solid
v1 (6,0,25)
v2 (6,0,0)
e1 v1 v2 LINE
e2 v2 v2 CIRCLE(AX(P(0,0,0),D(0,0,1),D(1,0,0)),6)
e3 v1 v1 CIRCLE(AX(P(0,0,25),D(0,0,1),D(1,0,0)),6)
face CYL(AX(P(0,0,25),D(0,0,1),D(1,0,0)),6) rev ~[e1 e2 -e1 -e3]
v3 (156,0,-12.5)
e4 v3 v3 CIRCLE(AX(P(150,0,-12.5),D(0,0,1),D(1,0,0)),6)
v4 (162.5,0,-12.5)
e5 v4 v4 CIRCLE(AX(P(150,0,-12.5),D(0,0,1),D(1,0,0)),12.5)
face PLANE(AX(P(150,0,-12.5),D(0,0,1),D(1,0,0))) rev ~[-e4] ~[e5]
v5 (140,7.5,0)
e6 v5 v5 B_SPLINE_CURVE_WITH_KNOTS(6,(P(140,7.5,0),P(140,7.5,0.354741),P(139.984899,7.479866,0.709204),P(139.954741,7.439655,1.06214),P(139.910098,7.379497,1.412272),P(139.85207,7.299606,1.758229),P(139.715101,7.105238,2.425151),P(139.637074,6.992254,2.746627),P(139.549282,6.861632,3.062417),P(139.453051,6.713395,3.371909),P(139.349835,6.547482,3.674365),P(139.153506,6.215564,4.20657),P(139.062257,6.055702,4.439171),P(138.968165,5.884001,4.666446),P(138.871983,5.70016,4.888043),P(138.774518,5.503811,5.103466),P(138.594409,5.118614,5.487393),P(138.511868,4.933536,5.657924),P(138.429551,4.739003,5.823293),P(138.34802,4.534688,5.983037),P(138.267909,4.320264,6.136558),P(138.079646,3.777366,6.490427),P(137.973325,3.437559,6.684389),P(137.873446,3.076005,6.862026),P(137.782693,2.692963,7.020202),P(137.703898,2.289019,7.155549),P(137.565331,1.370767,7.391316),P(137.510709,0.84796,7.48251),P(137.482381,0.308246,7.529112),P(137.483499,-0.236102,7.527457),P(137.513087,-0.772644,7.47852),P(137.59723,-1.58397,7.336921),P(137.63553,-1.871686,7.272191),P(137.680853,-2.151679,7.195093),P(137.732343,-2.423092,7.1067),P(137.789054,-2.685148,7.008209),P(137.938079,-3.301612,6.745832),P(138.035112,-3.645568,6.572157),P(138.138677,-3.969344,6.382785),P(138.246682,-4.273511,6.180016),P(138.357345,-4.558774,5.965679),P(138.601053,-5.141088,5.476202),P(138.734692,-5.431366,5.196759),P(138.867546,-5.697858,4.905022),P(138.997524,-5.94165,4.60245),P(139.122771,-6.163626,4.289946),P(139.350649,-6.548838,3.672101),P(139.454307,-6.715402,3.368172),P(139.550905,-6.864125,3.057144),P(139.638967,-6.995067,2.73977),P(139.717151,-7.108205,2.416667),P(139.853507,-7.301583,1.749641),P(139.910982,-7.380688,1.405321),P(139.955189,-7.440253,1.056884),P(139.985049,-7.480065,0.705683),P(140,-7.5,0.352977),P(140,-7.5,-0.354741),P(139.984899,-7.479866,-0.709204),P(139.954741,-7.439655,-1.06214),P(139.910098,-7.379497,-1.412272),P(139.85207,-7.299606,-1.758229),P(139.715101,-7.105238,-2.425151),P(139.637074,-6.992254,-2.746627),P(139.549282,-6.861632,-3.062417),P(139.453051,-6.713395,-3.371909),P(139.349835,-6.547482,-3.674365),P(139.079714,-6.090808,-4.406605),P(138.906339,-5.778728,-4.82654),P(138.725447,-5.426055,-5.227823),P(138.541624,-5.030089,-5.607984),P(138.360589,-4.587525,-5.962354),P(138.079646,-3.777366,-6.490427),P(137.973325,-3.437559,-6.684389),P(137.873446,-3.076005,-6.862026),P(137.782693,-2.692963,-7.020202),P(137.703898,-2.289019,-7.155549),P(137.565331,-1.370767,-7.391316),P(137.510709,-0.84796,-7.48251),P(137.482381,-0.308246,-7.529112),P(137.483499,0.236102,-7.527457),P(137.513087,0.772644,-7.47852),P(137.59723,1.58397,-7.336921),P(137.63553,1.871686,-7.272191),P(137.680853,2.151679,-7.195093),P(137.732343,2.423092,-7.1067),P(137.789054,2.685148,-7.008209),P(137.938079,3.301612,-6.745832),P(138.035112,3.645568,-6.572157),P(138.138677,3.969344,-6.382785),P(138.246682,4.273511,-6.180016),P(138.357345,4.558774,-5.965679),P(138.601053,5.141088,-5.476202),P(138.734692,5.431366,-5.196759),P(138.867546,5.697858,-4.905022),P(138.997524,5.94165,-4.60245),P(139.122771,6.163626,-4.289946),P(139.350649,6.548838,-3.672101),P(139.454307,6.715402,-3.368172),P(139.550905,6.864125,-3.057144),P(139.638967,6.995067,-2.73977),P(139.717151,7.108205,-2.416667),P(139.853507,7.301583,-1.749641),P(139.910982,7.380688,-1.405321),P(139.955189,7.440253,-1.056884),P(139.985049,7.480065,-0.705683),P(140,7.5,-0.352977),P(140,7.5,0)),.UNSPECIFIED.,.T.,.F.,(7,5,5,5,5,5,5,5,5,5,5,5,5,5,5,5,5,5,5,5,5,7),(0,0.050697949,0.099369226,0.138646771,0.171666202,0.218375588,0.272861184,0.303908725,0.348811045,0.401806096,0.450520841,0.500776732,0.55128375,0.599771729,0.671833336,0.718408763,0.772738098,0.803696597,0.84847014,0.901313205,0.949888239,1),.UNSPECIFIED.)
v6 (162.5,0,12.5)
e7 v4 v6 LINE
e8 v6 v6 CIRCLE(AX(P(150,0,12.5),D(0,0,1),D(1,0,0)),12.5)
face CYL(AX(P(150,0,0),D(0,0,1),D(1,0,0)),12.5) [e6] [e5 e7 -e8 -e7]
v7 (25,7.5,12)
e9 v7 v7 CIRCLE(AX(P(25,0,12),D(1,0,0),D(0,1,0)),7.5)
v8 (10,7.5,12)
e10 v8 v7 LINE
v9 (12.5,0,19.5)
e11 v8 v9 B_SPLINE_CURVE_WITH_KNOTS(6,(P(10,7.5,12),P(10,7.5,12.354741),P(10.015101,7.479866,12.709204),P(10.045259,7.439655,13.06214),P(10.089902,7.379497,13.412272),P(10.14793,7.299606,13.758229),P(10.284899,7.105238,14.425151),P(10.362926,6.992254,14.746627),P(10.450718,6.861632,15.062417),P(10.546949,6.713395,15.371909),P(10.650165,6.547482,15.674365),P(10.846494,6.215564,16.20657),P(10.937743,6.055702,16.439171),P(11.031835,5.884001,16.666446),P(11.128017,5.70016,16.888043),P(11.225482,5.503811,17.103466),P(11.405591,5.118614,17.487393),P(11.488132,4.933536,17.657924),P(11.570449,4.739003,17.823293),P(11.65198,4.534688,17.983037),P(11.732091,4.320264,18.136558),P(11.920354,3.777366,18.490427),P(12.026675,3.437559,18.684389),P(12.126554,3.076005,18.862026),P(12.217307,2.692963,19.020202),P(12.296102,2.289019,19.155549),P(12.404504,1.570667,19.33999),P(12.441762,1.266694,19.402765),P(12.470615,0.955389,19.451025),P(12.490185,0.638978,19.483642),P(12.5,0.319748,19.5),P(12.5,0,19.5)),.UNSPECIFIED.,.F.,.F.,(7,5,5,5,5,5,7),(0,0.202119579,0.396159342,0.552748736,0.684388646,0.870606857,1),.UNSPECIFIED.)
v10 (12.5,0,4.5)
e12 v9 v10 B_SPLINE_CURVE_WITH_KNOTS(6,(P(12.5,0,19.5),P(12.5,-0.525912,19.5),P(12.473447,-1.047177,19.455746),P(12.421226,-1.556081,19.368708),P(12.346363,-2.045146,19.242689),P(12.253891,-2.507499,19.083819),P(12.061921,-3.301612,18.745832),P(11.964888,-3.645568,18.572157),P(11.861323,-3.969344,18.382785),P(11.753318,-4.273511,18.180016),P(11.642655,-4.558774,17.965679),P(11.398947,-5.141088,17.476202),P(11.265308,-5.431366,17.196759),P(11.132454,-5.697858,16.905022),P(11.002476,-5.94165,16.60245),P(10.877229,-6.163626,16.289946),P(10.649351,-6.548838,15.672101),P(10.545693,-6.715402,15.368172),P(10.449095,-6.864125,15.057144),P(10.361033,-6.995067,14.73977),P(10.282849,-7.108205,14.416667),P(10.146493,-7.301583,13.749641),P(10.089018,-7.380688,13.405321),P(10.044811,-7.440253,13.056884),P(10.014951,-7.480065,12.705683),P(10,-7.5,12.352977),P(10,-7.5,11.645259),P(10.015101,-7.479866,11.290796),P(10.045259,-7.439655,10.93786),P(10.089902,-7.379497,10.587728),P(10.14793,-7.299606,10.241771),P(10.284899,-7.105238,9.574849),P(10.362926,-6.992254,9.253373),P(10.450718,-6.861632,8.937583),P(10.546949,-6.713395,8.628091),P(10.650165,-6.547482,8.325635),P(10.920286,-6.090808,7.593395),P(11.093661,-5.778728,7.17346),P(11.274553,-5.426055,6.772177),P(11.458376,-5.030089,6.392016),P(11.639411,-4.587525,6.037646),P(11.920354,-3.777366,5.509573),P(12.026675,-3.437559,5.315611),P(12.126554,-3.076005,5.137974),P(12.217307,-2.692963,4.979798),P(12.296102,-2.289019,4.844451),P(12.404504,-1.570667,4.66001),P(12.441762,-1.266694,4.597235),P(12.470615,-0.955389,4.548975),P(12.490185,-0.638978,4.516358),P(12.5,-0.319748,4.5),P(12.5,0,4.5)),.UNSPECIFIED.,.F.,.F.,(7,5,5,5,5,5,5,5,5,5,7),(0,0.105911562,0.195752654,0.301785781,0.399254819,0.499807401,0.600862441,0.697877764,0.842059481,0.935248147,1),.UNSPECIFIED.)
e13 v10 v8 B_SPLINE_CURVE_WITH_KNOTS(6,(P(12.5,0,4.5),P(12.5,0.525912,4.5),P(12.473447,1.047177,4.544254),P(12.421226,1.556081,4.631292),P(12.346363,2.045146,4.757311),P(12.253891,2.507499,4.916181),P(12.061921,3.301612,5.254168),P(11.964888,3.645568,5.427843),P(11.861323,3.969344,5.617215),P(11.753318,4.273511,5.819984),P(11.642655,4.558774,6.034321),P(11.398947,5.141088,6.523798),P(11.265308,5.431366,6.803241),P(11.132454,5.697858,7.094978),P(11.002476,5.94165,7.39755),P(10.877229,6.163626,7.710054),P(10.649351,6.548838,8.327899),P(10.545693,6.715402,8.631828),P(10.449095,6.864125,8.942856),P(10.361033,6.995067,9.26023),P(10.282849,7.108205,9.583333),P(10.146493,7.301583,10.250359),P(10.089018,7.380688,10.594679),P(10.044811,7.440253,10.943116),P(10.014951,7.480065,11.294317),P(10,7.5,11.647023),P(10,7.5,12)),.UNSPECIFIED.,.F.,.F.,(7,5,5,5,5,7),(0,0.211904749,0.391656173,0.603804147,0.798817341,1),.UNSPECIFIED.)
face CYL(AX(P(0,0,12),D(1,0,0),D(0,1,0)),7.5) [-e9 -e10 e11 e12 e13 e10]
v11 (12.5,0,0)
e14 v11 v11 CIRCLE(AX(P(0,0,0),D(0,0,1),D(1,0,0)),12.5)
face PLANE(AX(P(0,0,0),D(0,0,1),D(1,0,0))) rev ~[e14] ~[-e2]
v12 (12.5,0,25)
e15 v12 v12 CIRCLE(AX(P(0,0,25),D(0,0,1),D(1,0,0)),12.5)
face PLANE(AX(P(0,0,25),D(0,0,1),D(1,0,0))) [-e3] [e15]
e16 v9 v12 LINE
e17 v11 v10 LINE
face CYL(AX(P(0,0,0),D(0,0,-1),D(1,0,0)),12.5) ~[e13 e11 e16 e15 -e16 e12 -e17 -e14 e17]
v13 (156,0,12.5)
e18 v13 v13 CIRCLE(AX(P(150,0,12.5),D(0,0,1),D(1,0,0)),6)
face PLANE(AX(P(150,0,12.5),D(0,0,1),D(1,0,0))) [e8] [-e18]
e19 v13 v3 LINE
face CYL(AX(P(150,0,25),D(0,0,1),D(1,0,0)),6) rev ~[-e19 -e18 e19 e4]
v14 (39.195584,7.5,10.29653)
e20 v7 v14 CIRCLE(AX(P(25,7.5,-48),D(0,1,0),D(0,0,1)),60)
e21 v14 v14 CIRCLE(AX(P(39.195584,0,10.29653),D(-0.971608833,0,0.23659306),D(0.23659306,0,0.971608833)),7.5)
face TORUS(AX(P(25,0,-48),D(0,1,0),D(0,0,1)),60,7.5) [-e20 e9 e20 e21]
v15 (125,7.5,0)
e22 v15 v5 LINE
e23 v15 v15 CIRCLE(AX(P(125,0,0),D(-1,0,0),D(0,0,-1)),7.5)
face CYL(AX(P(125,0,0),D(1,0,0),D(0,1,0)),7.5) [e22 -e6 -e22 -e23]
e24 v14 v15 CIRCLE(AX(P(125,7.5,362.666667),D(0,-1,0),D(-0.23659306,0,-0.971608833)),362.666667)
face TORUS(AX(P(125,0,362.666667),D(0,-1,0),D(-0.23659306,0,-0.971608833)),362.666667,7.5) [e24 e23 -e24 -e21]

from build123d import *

# Parameters (mm, degrees)
F0_R     = 12.5
F1_DEPTH = 25
F2_DEPTH = 12.5
F4_R     = 7.5
F6_R     = 6
F7_DEPTH = 37.5010001


with BuildPart() as f1:
    # F0 (on Top) → F1 (new body)
    with BuildSketch(Plane.XY):
        Circle(F0_R)
    extrude(amount=F1_DEPTH)



with BuildPart() as f2:
    # F0 (on Top) → F2 (new body, symmetric)
    with BuildSketch(Plane.XY):
        with Locations((150, 0)):
            Circle(F0_R)
    extrude(amount=F2_DEPTH, both=True)


with BuildPart() as f1_1:
    add(f1.part)

    add(f2.part)  # F5 merges F2
    # F5: sweep along a path in F3
    with BuildLine(Plane.XZ) as f5_path:
        Line((0, 12), (25, 12))
        ThreePointArc((25, 12), (32.1487132371, 11.5726103092), (39.1955835962, 10.2965299685))
        ThreePointArc((39.1955835962, 10.2965299685), (81.789999989, 2.5833332421), (125, 0))
        Line((125, 0), (150, 0))
    # F4 (on Right) → F5 (sweep)
    with BuildSketch(Plane.YZ):
        with Locations((0, 12)):
            Circle(F4_R)
    sweep(path=f5_path.line)

    # F6 (on face) → F7 (cut, through all)
    with BuildSketch(Plane.XY.offset(25)):
        Circle(F6_R)
        with Locations((150, 0)):
            Circle(F6_R)
    extrude(amount=-F7_DEPTH, mode=Mode.SUBTRACT)


solid = f1_1.part
